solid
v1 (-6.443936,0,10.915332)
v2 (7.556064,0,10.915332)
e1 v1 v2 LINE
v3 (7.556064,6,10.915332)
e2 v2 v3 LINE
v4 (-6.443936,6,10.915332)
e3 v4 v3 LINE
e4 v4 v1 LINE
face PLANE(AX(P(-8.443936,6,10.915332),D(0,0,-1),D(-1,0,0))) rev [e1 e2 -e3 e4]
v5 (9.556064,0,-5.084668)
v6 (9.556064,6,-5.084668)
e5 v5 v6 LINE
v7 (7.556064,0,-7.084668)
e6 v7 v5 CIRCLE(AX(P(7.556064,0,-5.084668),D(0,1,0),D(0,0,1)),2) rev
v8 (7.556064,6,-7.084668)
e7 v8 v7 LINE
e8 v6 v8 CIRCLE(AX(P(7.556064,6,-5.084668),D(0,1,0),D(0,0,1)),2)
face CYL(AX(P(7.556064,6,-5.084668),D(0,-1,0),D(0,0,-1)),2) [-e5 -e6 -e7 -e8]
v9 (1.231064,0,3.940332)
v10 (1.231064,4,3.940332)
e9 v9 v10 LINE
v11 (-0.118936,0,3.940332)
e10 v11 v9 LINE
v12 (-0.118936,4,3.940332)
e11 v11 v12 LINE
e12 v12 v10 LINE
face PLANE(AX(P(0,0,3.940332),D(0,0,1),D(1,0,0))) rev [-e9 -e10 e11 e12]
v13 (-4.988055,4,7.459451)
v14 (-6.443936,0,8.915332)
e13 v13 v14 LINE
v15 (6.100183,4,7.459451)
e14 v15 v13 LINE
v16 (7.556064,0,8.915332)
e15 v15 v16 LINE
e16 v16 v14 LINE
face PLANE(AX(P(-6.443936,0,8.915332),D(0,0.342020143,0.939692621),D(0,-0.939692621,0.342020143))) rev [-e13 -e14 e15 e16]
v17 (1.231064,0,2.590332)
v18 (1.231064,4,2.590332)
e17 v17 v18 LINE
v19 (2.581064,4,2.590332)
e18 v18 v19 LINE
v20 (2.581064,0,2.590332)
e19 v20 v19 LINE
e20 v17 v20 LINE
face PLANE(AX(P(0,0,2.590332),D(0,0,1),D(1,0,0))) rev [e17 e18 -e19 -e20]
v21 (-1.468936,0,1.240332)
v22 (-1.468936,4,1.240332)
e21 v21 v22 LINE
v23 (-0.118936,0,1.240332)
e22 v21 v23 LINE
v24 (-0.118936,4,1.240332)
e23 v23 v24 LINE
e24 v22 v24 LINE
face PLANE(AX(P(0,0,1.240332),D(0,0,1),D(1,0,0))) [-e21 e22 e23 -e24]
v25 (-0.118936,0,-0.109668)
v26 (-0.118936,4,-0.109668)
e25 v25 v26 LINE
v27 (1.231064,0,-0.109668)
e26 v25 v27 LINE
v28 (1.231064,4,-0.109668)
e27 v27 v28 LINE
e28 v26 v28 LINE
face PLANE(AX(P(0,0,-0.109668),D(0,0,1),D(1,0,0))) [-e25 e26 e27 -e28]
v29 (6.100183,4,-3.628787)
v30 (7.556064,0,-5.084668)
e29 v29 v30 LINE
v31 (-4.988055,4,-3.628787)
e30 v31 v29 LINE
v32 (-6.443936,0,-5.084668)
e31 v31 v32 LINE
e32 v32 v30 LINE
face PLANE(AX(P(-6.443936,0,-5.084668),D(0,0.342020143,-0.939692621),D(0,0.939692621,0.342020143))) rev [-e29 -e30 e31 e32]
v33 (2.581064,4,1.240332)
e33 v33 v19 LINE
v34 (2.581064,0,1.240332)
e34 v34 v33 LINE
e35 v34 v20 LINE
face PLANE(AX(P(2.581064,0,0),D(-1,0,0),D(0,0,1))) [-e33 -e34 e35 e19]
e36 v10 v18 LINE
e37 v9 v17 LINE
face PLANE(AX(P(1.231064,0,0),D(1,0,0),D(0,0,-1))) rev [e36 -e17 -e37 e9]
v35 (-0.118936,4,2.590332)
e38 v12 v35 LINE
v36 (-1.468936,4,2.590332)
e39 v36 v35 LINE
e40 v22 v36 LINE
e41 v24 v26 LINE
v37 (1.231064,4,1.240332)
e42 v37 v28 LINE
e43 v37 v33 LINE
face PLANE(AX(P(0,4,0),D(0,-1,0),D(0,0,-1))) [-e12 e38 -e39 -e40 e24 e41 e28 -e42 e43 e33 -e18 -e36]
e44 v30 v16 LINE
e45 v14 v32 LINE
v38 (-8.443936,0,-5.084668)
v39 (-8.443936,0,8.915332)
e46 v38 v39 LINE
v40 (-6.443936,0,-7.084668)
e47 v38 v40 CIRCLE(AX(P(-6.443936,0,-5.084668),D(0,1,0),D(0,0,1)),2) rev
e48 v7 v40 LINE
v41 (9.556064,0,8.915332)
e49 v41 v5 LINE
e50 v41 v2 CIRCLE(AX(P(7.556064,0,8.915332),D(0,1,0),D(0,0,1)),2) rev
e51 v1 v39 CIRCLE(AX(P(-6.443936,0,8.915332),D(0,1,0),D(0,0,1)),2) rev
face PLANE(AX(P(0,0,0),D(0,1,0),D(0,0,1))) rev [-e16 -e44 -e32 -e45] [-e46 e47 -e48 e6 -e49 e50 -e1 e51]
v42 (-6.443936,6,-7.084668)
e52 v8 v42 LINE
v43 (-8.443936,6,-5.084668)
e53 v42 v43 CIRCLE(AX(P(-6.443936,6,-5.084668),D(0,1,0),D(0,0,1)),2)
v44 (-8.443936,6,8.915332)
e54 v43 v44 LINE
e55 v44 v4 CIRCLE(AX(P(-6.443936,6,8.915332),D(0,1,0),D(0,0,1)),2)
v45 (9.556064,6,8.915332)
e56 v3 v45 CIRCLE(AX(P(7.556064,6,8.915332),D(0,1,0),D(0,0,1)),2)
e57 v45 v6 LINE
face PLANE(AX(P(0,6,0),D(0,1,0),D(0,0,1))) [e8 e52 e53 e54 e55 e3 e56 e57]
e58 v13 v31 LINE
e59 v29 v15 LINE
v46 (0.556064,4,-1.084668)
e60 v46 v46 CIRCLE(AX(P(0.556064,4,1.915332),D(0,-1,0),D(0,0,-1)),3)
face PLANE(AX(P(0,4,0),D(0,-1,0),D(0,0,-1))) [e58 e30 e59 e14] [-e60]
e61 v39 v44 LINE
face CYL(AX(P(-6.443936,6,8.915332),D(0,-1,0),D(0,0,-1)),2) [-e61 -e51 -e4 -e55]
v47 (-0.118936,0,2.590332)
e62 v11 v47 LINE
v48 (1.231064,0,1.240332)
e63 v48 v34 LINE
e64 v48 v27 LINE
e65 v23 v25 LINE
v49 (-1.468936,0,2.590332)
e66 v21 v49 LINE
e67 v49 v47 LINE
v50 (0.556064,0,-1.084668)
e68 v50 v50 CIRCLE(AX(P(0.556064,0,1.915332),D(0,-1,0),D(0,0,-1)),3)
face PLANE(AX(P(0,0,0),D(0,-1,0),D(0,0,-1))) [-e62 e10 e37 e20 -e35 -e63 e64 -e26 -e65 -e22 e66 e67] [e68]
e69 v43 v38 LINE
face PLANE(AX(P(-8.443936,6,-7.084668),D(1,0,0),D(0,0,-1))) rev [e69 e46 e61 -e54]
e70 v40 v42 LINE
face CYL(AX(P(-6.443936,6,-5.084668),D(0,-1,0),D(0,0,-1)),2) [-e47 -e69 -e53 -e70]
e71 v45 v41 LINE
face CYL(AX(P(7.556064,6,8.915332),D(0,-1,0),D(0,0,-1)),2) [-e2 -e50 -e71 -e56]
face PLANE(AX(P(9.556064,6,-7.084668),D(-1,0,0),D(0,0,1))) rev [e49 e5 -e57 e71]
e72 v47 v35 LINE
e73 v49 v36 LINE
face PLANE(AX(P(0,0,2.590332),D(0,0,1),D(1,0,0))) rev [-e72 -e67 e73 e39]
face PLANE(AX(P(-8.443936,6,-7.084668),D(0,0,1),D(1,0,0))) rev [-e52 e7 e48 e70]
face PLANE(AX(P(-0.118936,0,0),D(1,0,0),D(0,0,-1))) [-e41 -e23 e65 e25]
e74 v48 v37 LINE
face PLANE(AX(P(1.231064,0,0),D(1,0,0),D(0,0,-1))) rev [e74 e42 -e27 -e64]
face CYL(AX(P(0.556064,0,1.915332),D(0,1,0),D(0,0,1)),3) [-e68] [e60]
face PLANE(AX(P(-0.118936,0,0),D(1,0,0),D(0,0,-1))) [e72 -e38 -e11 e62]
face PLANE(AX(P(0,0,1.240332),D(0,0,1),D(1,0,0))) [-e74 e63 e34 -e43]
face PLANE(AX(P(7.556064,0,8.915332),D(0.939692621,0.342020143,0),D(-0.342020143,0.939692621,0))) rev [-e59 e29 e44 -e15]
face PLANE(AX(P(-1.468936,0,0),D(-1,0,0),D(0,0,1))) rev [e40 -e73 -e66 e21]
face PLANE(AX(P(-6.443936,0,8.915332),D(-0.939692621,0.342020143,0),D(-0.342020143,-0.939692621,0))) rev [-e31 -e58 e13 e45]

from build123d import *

# Parameters (mm, degrees)
SKETCH1_W           = 18
SKETCH1_H           = 18
BOSS_EXTRUDE1_DEPTH = 6
SKETCH2_W           = 14
SKETCH2_H           = 14
CUT_EXTRUDE1_DEPTH  = 4
CUT_EXTRUDE1_DRAFT  = -20
SKETCH3_R           = 3
BOSS_EXTRUDE2_DEPTH = 4
FILLET1_R           = 2


with BuildPart() as part:
    # Sketch1 → Boss-Extrude1 (new body)
    with BuildSketch(Plane(origin=(0, 0, 0), x_dir=(1, 0, 0), z_dir=(0, 1, 0))):
        with Locations((0.556064073, -1.915331808)):
            Rectangle(SKETCH1_W, SKETCH1_H)
    extrude(amount=BOSS_EXTRUDE1_DEPTH)


with BuildPart() as cut_extrude1_tool:
    # Sketch2 → Cut-Extrude1 (with draft: the straight prism first)
    with BuildSketch(Plane.XZ):
        with Locations((0.556064073, 1.915331808)):
            Rectangle(SKETCH2_W, SKETCH2_H)
    extrude(amount=-CUT_EXTRUDE1_DEPTH)
    # Cut-Extrude1: the draft: its side faces are tilted about the plane it starts from
    cut_extrude1_sides = [cut_extrude1_tool.faces().sort_by_distance(p)[0] for p in [
        (-6.443935927, 2, 1.915331808),
        (0.556064073, 2, -5.084668192),
        (7.556064073, 2, 1.915331808),
        (0.556064073, 2, 8.915331808),
    ]]
    draft(cut_extrude1_sides, Plane.XZ, CUT_EXTRUDE1_DRAFT)


with BuildPart() as part_1:
    add(part.part)

    # Cut-Extrude1: cut by cut_extrude1_tool
    add(cut_extrude1_tool.part, mode=Mode.SUBTRACT)

    # Sketch3 → Boss-Extrude2 (add)
    with BuildSketch(Plane.XZ.offset(-4)):
        with Locations(Location((0.556064073, 1.915331808, 0), (0, 0, 270))):
            Circle(SKETCH3_R)
        Polygon((-0.118935927, 1.240331808), (-1.468935927, 1.240331808), (-1.468935927, 2.590331808), (-0.118935927, 2.590331808), (-0.118935927, 3.940331808), (1.231064073, 3.940331808), (1.231064073, 2.590331808), (2.581064073, 2.590331808), (2.581064073, 1.240331808), (1.231064073, 1.240331808), (1.231064073, -0.109668192), (-0.118935927, -0.109668192), align=None, mode=Mode.SUBTRACT)
    extrude(amount=BOSS_EXTRUDE2_DEPTH)

    # Fillet1
    fillet1_edges = [part_1.edges().sort_by_distance(p)[0] for p in [
        (-8.443935927, 3, -7.084668192),
        (9.556064073, 3, -7.084668192),
        (9.556064073, 3, 10.915331808),
        (-8.443935927, 3, 10.915331808),
    ]]
    fillet(fillet1_edges, radius=FILLET1_R)


solid = part_1.part
